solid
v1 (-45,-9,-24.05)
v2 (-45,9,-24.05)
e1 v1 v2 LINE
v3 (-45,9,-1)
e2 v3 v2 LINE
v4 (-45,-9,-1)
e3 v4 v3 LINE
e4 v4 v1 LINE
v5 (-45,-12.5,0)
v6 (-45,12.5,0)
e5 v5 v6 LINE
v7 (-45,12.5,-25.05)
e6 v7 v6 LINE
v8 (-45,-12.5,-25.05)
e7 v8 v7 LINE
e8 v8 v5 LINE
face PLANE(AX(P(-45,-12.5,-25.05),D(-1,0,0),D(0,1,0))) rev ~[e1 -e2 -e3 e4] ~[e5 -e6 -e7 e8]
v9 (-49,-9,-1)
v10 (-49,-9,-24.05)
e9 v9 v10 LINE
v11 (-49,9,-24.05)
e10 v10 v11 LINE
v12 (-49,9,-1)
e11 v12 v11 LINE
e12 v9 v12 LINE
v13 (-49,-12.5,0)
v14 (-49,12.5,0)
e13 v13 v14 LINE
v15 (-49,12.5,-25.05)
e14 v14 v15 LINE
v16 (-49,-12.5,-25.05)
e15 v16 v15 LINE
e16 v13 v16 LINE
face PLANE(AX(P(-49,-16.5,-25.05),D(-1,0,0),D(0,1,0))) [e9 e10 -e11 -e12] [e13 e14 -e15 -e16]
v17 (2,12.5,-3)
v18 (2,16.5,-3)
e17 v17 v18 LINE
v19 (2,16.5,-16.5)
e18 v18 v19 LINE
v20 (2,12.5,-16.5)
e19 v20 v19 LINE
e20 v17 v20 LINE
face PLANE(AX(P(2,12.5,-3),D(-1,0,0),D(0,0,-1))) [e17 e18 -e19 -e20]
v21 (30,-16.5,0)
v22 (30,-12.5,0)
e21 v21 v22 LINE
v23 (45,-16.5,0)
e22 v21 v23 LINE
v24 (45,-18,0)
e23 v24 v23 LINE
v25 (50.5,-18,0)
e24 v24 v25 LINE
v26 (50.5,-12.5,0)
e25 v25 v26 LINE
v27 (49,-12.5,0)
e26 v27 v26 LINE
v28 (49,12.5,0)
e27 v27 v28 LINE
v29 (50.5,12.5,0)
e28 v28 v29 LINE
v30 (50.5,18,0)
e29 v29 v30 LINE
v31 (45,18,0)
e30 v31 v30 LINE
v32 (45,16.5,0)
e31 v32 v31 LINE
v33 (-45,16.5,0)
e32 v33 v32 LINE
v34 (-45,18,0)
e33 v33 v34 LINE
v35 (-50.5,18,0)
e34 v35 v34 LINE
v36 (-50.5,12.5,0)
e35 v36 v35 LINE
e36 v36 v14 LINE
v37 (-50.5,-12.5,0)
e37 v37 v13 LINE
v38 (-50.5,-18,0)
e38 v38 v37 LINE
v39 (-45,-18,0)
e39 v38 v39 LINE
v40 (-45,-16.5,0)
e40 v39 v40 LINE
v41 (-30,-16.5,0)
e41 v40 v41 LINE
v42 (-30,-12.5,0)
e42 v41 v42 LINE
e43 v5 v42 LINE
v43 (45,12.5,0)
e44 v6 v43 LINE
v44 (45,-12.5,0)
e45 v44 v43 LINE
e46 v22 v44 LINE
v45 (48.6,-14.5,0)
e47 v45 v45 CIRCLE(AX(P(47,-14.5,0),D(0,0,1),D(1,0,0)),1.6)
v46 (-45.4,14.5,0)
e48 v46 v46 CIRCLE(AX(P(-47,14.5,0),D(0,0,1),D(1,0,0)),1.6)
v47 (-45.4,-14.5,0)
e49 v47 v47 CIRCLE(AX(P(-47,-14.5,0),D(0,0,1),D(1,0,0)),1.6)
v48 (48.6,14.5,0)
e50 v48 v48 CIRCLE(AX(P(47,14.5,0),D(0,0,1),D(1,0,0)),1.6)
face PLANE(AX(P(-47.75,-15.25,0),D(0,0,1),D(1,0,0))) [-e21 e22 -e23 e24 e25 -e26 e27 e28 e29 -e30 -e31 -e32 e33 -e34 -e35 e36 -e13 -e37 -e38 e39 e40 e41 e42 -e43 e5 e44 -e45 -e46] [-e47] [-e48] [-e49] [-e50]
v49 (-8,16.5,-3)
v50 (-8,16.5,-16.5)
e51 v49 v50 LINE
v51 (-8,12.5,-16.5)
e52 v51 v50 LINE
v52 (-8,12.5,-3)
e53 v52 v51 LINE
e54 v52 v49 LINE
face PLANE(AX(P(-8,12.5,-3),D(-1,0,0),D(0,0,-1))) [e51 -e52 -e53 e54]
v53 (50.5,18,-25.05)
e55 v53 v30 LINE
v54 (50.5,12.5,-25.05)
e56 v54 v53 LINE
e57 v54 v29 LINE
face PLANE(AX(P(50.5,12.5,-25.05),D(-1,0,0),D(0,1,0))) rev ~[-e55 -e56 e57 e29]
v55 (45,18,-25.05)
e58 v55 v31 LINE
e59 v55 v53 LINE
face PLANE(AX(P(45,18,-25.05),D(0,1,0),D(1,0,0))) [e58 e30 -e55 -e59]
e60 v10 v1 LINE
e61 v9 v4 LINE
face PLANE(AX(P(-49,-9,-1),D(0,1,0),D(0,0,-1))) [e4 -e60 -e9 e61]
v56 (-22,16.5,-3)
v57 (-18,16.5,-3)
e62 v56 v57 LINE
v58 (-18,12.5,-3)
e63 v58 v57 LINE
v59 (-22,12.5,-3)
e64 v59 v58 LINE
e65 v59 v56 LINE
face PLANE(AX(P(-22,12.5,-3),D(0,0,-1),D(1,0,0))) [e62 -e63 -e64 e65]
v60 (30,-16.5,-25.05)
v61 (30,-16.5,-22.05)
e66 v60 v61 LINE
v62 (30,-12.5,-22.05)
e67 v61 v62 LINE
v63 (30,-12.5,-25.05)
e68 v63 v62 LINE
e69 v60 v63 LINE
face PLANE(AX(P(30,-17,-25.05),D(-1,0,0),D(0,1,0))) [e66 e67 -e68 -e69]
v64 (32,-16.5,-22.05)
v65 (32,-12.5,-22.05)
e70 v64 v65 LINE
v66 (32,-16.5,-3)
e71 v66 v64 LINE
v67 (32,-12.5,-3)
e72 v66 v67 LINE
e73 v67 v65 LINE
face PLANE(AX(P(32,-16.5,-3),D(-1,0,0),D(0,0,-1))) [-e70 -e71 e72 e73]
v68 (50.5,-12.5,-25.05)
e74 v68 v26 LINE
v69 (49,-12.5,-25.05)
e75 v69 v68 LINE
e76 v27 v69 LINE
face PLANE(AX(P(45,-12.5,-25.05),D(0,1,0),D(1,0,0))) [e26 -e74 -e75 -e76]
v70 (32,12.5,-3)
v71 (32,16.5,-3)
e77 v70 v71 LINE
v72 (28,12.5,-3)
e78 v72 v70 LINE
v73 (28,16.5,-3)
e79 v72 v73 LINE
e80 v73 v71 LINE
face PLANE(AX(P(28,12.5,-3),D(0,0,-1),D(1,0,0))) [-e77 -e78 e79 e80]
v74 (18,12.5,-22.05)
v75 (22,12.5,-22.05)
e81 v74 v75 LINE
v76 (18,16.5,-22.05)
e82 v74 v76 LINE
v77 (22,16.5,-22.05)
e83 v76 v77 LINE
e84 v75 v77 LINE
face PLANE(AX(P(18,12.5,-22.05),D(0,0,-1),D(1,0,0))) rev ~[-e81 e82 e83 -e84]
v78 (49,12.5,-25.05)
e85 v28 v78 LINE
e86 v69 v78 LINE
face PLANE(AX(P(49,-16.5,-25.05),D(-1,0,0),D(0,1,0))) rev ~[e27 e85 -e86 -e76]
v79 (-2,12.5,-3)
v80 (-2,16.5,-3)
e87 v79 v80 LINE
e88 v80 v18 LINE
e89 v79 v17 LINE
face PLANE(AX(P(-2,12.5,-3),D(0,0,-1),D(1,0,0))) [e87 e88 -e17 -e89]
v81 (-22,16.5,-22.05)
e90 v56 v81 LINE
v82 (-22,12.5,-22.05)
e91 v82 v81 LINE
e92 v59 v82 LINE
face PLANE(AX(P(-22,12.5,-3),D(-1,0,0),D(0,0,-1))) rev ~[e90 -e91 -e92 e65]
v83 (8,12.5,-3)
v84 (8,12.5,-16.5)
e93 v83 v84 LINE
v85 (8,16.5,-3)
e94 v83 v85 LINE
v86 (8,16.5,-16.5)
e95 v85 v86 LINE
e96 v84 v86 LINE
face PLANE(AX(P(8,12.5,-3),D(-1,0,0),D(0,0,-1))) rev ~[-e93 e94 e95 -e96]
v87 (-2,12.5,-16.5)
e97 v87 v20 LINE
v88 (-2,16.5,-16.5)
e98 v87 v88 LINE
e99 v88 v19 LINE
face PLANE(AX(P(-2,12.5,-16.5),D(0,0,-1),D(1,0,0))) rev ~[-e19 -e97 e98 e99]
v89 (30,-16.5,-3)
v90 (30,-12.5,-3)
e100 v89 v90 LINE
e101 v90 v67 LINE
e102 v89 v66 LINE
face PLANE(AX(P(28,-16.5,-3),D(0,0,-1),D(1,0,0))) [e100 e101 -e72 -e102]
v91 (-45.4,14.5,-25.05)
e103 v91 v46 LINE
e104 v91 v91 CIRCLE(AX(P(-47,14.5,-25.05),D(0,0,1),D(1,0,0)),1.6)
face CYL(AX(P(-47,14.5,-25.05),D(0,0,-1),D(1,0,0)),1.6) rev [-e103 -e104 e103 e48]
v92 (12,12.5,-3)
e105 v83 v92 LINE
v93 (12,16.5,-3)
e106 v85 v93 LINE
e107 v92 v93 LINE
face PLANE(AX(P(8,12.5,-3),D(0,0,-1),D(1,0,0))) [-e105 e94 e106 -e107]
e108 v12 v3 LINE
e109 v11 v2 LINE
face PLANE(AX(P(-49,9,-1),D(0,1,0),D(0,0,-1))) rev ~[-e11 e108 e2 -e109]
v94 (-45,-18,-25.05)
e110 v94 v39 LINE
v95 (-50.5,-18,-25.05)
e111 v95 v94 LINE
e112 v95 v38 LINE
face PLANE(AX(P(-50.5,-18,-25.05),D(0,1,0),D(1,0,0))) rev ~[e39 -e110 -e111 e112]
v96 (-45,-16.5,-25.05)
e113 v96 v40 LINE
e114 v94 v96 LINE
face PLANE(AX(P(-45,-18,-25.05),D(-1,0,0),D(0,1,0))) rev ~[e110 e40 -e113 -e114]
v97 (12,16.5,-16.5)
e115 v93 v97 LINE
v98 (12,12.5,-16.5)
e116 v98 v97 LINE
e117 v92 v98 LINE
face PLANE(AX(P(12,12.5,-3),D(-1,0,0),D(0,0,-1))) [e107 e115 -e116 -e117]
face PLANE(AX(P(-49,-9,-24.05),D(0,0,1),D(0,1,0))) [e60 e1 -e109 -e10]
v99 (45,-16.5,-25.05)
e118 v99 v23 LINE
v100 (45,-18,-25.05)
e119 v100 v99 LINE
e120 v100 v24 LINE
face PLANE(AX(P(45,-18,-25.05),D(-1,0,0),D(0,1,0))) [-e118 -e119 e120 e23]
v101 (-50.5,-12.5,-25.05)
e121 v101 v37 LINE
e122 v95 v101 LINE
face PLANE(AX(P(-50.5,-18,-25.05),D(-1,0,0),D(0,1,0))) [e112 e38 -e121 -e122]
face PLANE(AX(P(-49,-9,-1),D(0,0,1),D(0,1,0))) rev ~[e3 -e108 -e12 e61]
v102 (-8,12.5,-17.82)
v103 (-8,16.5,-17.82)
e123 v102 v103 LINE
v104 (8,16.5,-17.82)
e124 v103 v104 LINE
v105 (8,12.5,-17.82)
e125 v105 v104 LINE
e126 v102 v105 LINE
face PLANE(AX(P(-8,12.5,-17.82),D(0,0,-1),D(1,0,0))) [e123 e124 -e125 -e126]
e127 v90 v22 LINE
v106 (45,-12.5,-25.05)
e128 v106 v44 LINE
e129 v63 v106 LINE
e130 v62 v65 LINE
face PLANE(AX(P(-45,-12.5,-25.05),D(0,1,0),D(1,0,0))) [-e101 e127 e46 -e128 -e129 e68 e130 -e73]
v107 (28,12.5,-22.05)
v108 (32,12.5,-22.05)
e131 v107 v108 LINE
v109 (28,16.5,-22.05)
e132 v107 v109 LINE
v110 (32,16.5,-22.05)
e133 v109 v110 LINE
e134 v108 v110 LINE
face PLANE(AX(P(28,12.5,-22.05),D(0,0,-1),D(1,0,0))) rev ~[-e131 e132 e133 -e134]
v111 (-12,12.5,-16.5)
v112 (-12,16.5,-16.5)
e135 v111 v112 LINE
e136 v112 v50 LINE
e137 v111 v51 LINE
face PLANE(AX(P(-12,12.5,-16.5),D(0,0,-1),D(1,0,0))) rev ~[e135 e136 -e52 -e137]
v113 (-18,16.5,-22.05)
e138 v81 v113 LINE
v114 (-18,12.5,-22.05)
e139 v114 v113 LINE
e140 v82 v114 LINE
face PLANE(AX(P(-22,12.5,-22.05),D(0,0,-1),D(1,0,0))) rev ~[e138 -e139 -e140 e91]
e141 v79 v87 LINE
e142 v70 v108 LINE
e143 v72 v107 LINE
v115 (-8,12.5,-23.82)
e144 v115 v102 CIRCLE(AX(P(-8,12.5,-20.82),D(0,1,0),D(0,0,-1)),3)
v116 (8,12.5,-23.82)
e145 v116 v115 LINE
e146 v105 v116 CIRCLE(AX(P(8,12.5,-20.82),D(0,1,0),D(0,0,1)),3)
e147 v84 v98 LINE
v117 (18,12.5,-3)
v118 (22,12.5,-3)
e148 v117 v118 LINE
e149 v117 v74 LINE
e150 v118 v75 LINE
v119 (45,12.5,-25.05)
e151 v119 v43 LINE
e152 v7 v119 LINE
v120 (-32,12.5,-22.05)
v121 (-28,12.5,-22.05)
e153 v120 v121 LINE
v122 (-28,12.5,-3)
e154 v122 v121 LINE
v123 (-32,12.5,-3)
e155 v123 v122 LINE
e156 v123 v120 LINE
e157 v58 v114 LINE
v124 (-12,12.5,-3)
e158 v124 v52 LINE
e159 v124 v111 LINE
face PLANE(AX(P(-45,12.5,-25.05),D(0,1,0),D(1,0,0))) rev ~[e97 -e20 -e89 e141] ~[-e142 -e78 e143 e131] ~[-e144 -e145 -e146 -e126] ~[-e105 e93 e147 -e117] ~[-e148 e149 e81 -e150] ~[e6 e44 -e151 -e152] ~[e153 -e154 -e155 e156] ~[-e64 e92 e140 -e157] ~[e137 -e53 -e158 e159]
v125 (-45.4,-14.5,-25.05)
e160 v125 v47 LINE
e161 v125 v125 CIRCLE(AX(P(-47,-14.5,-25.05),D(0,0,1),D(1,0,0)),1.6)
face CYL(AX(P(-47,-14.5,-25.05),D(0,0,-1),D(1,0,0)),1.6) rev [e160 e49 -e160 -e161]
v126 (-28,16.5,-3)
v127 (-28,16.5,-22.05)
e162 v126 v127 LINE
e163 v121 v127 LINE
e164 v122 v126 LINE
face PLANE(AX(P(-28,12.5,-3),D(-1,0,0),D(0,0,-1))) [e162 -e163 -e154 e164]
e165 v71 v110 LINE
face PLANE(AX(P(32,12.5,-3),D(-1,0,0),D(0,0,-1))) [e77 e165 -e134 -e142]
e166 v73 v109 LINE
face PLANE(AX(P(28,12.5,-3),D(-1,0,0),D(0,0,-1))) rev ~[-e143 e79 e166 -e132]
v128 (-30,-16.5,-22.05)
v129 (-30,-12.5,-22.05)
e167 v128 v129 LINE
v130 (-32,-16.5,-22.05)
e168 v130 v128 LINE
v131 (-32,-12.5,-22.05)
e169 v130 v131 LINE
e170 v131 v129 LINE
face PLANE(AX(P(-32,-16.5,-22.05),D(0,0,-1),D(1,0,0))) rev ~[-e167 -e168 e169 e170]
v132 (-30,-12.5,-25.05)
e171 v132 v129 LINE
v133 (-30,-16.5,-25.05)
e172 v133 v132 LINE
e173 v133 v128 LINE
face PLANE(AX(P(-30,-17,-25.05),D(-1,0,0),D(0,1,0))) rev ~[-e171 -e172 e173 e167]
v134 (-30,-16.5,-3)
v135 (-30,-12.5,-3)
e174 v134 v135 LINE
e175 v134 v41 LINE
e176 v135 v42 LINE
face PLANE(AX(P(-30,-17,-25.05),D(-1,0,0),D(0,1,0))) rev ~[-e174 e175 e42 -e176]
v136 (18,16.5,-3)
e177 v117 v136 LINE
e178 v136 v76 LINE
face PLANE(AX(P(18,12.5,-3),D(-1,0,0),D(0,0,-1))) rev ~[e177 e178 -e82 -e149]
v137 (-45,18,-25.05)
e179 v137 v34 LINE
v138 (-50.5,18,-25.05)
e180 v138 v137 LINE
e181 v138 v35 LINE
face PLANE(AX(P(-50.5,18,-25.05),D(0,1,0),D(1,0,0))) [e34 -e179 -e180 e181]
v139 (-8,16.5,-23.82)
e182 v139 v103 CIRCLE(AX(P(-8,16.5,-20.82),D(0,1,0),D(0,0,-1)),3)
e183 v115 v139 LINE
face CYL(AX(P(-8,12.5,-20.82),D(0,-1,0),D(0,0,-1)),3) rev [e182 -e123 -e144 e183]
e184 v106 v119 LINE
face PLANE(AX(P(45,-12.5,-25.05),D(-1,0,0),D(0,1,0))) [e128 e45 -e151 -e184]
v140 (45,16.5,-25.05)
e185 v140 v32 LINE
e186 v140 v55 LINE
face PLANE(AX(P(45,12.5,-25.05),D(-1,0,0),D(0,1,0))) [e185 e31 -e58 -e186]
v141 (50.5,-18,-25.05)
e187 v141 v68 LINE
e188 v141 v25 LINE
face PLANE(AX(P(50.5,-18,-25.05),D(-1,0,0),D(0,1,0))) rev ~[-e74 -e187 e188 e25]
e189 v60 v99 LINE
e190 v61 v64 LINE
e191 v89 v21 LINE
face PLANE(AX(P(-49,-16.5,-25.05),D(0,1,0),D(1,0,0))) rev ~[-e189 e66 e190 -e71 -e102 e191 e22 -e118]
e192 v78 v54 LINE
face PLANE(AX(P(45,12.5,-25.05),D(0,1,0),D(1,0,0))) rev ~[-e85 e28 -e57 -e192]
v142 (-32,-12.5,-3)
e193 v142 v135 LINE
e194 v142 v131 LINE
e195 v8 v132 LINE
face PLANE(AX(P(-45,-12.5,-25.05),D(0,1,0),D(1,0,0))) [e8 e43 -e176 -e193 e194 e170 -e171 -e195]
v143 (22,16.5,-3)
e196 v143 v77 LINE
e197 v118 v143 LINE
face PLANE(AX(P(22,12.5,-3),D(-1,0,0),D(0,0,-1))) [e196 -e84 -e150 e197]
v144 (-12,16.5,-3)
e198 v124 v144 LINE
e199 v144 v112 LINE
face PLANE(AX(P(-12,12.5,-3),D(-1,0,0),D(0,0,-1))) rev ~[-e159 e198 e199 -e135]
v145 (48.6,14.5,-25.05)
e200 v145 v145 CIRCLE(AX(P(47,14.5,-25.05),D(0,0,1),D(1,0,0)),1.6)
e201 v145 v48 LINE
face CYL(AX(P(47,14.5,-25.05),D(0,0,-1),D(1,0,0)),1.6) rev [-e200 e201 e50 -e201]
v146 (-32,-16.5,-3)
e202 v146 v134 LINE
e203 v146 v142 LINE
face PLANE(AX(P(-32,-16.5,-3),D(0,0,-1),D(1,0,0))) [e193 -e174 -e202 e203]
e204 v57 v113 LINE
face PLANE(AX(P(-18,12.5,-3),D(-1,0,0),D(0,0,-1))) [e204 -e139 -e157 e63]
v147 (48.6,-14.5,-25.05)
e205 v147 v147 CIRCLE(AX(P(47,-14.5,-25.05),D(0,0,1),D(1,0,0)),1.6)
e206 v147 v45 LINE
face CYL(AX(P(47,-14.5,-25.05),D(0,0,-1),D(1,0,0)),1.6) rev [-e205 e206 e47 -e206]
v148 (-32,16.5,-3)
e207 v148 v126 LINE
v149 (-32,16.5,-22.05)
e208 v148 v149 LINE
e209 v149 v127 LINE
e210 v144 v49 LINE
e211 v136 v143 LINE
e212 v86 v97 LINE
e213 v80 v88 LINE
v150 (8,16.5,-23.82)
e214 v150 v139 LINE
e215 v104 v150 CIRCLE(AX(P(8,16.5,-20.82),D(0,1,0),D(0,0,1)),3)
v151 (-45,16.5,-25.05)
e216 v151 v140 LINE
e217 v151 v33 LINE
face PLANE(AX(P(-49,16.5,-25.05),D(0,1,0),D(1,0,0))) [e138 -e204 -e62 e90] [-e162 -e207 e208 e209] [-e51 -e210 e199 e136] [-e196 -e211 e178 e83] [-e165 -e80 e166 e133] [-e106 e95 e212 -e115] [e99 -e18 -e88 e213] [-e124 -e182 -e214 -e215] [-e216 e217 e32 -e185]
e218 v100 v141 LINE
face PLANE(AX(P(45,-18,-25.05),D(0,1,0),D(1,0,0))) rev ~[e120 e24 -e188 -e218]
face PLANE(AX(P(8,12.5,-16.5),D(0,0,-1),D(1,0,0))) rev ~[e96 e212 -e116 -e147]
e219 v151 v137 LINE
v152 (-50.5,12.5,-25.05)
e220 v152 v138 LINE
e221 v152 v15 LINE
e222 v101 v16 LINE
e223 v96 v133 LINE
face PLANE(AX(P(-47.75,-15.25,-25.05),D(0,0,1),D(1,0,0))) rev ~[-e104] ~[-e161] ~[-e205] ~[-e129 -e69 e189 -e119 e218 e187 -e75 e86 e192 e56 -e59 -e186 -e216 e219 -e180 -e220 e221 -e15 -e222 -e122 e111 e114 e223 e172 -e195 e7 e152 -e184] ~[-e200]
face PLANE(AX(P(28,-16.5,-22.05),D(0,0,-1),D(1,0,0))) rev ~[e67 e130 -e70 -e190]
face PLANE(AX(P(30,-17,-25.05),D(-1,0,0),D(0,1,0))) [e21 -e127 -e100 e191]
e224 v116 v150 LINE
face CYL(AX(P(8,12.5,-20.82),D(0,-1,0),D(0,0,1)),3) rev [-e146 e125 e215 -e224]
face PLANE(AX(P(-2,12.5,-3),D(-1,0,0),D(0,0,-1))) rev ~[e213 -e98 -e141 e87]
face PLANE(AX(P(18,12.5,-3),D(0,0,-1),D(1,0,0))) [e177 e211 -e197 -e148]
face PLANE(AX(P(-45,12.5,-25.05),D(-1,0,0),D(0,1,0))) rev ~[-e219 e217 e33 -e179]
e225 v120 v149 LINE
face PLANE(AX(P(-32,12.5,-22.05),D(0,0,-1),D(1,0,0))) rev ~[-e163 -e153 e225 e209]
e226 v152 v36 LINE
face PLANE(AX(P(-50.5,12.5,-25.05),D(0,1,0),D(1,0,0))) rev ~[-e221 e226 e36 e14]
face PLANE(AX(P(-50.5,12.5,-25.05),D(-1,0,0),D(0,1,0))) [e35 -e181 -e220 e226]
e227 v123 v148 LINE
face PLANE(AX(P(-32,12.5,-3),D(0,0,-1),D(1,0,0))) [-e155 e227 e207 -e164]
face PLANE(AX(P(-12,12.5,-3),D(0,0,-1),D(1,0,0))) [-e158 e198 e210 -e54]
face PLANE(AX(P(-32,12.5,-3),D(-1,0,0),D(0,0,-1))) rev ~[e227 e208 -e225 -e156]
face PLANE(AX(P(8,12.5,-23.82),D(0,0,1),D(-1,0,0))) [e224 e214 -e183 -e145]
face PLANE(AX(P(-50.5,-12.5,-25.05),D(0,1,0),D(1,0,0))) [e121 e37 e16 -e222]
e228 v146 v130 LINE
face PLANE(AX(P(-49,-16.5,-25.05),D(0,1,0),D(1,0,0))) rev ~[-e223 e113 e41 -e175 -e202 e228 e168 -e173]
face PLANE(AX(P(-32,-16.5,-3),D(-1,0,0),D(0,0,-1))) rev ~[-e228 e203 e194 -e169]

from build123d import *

# Parameters (mm, degrees)
SKETCH_1_W          = 98
SKETCH_1_H          = 33
SKETCH_1_W_2        = 90
SKETCH_1_H_2        = 25
EXTRUDE_1_DEPTH     = 25.05
SKETCH_2_W          = 5.5
SKETCH_2_H          = 5.5
EXTRUDE_2_DEPTH     = 25.05
SKETCH_3_W          = 5.5
SKETCH_3_H          = 5.5
EXTRUDE_3_DEPTH     = 25.05
SKETCH_4_W          = 5.5
SKETCH_4_H          = 5.5
EXTRUDE_4_DEPTH     = 25.05
SKETCH_5_W          = 5.5
SKETCH_5_H          = 5.5
EXTRUDE_5_DEPTH     = 25.05
SKETCH_6_R          = 1.6
CUT_EXTRUDE_1_DEPTH = 25.05
SKETCH_7_W          = 4
SKETCH_7_H          = 19.05
CUT_EXTRUDE_2_DEPTH = 4
SKETCH_8_W          = 4
SKETCH_8_H          = 19.05
SKETCH_8_H_2        = 13.5
CUT_EXTRUDE_3_DEPTH = 4
SKETCH_9_W          = 23.05
SKETCH_9_H          = 18
CUT_EXTRUDE_4_DEPTH = 4
SKETCH_10_W         = 60
SKETCH_10_H         = 4.5
CUT_EXTRUDE_5_DEPTH = 25.05
CUT_EXTRUDE_6_DEPTH = 4


with BuildPart() as part:
    # 草图1 → 凸台-拉伸1 (new body)
    with BuildSketch(Plane.XY.offset(-25.05)):
        Rectangle(SKETCH_1_W, SKETCH_1_H)
        Rectangle(SKETCH_1_W_2, SKETCH_1_H_2, mode=Mode.SUBTRACT)
    extrude(amount=EXTRUDE_1_DEPTH)

    # 草图2 → 凸台-拉伸2 (add)
    with BuildSketch(Plane.XY.offset(-25.05)):
        with Locations((47.75, 15.25)):
            Rectangle(SKETCH_2_W, SKETCH_2_H)
    extrude(amount=EXTRUDE_2_DEPTH)

    # 草图3 → 凸台-拉伸3 (add)
    with BuildSketch(Plane.XY.offset(-25.05)):
        with Locations((47.75, -15.25)):
            Rectangle(SKETCH_3_W, SKETCH_3_H)
    extrude(amount=EXTRUDE_3_DEPTH)

    # 草图4 → 凸台-拉伸4 (add)
    with BuildSketch(Plane.XY.offset(-25.05)):
        with Locations((-47.75, 15.25)):
            Rectangle(SKETCH_4_W, SKETCH_4_H)
    extrude(amount=EXTRUDE_4_DEPTH)

    # 草图5 → 凸台-拉伸5 (add)
    with BuildSketch(Plane.XY.offset(-25.05)):
        with Locations((-47.75, -15.25)):
            Rectangle(SKETCH_5_W, SKETCH_5_H)
    extrude(amount=EXTRUDE_5_DEPTH)

    # 草图6 → 切除-拉伸1 (cut)
    with BuildSketch(Plane.XY.offset(-25.05)):
        with Locations((-47, -14.5)):
            Circle(SKETCH_6_R)
        with Locations((-47, 14.5)):
            Circle(SKETCH_6_R)
        with Locations((47, -14.5)):
            Circle(SKETCH_6_R)
        with Locations((47, 14.5)):
            Circle(SKETCH_6_R)
    extrude(amount=CUT_EXTRUDE_1_DEPTH, mode=Mode.SUBTRACT)

    # 草图7 → 切除-拉伸2 (cut)
    with BuildSketch(Plane(origin=(0, -16.5, 0), x_dir=(1, 0, 0), z_dir=(0, 1, 0))):
        with Locations((-30, 12.525)):
            Rectangle(SKETCH_7_W, SKETCH_7_H)
        with Locations((-20, 12.525)):
            Rectangle(SKETCH_7_W, SKETCH_7_H)
        with Locations((-10, 12.525)):
            Rectangle(SKETCH_7_W, SKETCH_7_H)
        with Locations((0, 12.525)):
            Rectangle(SKETCH_7_W, SKETCH_7_H)
        with Locations((10, 12.525)):
            Rectangle(SKETCH_7_W, SKETCH_7_H)
        with Locations((20, 12.525)):
            Rectangle(SKETCH_7_W, SKETCH_7_H)
        with Locations((30, 12.525)):
            Rectangle(SKETCH_7_W, SKETCH_7_H)
    extrude(amount=CUT_EXTRUDE_2_DEPTH, mode=Mode.SUBTRACT)

    # 草图8 → 切除-拉伸3 (cut)
    with BuildSketch(Plane(origin=(0, 12.5, 0), x_dir=(1, 0, 0), z_dir=(0, 1, 0))):
        with Locations((-30, 12.525)):
            Rectangle(SKETCH_8_W, SKETCH_8_H)
        with Locations((-20, 12.525)):
            Rectangle(SKETCH_8_W, SKETCH_8_H)
        with Locations((-10, 9.75)):
            Rectangle(SKETCH_8_W, SKETCH_8_H_2)
        with Locations((0, 9.75)):
            Rectangle(SKETCH_8_W, SKETCH_8_H_2)
        with Locations((10, 9.75)):
            Rectangle(SKETCH_8_W, SKETCH_8_H_2)
        with Locations((20, 12.525)):
            Rectangle(SKETCH_8_W, SKETCH_8_H)
        with Locations((30, 12.525)):
            Rectangle(SKETCH_8_W, SKETCH_8_H)
    extrude(amount=CUT_EXTRUDE_3_DEPTH, mode=Mode.SUBTRACT)

    # 草图9 → 切除-拉伸4 (cut)
    with BuildSketch(Plane(origin=(-49, 0, 0), x_dir=(0, 0, -1), z_dir=(1, 0, 0))):
        with Locations((12.525, 0)):
            Rectangle(SKETCH_9_W, SKETCH_9_H)
    extrude(amount=CUT_EXTRUDE_4_DEPTH, mode=Mode.SUBTRACT)

    # 草图10 → 切除-拉伸5 (cut)
    with BuildSketch(Plane.XY.offset(-25.05)):
        with Locations((0, -14.75)):
            Rectangle(SKETCH_10_W, SKETCH_10_H)
    extrude(amount=CUT_EXTRUDE_5_DEPTH, mode=Mode.SUBTRACT)

    # 草图11 → 切除-拉伸6 (cut)
    with BuildSketch(Plane(origin=(0, 12.5, 0), x_dir=(1, 0, 0), z_dir=(0, 1, 0))):
        with BuildLine():
            Line((-8, 17.82), (8, 17.82))
            ThreePointArc((8, 17.82), (11, 20.82), (8, 23.82))
            Line((8, 23.82), (-8, 23.82))
            ThreePointArc((-8, 23.82), (-11, 20.82), (-8, 17.82))
        make_face()
    extrude(amount=CUT_EXTRUDE_6_DEPTH, mode=Mode.SUBTRACT)


solid = part.part
